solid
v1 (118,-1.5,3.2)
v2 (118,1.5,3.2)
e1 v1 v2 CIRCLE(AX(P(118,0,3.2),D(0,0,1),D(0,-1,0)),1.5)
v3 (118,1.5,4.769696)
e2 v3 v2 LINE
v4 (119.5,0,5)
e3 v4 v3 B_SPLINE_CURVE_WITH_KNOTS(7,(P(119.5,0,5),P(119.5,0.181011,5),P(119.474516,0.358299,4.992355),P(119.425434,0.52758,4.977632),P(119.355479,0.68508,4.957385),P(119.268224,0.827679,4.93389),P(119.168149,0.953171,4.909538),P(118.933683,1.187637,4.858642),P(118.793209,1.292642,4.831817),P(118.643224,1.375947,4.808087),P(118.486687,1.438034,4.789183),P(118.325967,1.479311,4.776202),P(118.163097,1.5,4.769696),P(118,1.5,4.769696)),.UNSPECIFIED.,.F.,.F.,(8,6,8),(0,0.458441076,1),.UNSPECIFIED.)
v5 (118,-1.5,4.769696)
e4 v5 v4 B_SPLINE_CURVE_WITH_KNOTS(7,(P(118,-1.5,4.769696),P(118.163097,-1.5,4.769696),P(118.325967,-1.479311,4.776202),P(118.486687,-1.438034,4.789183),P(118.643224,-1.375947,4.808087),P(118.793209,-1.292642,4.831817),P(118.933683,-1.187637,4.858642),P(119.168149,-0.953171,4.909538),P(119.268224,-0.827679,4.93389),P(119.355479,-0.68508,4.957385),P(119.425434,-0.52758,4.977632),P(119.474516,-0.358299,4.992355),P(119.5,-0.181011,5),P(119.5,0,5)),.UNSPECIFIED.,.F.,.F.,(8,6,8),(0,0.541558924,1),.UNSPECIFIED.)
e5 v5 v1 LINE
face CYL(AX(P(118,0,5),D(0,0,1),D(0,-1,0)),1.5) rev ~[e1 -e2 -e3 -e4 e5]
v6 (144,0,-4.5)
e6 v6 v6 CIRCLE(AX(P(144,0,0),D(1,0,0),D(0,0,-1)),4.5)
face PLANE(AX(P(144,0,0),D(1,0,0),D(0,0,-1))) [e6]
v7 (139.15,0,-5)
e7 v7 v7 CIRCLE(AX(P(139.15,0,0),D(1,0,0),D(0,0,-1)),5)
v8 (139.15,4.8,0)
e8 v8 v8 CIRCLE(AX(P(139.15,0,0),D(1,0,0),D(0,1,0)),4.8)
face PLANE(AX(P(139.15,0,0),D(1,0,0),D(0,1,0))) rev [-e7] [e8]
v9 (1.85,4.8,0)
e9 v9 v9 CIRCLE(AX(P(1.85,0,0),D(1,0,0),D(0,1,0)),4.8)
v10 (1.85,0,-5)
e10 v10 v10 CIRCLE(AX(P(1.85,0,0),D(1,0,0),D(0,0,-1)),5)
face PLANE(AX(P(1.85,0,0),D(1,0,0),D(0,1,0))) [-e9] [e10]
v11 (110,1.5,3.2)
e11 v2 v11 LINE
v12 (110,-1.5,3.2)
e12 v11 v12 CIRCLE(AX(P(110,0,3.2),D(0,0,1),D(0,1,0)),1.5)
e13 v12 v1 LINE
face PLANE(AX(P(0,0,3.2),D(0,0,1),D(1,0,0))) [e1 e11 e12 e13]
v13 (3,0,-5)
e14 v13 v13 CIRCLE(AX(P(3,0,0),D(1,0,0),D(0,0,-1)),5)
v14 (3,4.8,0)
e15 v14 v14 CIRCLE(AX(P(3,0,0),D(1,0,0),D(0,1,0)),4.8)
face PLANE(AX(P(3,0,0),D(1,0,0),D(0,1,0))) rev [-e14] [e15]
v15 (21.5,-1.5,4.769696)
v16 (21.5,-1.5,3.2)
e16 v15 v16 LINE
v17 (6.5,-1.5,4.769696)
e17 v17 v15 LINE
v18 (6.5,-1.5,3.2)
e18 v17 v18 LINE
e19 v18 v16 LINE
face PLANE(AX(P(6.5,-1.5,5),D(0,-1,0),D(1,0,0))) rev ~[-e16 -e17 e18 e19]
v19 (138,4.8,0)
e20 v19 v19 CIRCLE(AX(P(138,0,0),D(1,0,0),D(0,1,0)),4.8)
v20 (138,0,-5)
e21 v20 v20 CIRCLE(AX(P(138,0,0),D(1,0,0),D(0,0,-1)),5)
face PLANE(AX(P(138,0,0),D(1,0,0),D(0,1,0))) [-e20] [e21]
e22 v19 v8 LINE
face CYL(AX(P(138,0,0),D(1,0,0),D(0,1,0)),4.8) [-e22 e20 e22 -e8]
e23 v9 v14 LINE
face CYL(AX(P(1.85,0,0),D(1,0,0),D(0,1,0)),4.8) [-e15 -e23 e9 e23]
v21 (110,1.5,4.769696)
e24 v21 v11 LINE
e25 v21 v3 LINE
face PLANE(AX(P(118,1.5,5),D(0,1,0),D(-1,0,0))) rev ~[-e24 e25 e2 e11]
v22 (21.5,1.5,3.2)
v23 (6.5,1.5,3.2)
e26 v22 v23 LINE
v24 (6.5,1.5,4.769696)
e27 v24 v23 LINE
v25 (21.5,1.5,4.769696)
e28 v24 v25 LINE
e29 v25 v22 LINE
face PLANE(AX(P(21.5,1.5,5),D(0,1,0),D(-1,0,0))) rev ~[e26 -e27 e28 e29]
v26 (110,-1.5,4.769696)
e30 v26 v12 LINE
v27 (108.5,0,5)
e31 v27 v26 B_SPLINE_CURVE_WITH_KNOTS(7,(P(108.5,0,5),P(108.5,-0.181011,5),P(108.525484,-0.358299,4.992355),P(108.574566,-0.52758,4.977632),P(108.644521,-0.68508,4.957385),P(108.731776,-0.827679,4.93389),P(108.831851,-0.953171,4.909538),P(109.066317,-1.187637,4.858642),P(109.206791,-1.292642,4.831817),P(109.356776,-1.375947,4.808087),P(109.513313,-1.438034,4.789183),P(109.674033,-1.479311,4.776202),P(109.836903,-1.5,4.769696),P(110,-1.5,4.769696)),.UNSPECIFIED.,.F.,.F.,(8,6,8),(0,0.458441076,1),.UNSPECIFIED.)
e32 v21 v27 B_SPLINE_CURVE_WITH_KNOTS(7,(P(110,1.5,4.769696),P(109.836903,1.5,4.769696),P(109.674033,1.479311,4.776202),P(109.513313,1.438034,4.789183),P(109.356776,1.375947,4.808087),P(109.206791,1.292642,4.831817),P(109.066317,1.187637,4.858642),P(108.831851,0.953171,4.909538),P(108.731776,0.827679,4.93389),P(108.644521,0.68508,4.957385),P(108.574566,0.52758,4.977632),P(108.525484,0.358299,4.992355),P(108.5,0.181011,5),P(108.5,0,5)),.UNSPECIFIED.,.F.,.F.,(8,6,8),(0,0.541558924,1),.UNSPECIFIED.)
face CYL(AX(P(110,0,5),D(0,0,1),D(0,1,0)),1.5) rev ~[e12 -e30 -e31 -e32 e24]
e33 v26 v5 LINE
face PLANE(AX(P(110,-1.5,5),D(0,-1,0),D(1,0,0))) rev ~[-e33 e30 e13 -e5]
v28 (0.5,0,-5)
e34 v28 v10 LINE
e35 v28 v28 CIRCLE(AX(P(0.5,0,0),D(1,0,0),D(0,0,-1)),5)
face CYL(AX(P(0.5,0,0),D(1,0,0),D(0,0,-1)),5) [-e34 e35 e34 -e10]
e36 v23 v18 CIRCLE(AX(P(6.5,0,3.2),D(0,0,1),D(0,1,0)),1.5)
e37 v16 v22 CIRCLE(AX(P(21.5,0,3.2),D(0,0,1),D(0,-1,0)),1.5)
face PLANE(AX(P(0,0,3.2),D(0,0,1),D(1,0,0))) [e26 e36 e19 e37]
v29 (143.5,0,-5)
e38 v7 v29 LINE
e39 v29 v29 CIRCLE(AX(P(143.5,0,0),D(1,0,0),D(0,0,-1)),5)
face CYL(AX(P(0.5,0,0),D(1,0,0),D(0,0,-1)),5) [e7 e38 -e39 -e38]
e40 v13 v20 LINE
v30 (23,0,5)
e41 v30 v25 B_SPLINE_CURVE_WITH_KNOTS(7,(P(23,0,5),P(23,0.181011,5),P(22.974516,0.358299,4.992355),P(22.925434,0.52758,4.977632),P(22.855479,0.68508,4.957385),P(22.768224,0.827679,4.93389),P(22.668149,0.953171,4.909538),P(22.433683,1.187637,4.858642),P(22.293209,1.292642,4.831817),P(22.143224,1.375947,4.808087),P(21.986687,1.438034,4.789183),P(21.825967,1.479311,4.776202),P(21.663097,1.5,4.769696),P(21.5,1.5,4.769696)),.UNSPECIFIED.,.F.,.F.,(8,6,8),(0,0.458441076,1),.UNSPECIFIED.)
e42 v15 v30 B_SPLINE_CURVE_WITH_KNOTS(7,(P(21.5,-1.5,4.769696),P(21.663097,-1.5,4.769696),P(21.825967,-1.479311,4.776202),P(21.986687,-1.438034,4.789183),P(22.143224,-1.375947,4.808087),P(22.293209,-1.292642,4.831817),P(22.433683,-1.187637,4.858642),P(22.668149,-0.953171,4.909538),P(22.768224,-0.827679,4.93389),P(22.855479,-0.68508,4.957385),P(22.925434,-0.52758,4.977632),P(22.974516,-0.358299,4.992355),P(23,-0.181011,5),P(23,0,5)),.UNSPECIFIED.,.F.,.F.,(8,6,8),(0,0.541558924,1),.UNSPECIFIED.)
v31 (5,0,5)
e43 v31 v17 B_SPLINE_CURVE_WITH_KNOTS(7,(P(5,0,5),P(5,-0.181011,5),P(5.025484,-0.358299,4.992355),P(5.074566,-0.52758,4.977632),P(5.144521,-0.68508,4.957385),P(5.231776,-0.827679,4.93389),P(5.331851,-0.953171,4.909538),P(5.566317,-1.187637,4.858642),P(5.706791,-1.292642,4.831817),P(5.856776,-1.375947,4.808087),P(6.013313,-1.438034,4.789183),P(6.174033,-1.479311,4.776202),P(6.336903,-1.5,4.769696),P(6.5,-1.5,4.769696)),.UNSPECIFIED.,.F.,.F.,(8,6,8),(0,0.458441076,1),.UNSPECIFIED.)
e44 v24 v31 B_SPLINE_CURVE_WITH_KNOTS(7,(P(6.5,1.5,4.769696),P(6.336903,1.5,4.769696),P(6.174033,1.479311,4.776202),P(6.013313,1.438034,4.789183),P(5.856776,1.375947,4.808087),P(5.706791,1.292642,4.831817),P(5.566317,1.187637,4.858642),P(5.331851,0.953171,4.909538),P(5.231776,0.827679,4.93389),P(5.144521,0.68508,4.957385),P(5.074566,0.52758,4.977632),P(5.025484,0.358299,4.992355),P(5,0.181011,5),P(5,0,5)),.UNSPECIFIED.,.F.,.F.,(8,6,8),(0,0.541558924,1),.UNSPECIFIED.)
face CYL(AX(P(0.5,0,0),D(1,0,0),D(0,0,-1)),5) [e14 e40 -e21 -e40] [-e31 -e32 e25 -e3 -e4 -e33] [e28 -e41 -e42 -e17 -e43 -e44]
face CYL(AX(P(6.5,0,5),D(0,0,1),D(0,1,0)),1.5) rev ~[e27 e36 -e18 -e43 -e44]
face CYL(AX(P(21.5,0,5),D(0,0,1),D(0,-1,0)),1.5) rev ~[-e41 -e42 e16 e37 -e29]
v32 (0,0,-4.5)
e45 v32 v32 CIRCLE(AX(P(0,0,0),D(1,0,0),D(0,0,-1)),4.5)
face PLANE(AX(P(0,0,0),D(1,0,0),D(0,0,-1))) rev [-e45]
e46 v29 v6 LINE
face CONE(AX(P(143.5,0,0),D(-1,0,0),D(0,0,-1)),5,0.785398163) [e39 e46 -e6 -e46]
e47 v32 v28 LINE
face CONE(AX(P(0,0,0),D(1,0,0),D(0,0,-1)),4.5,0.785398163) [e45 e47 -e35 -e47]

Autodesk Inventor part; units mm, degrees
sketch "Sketch_1" plane through (0, 0, 0) normal (0, 1, 0) x (-1, 0, 0)
  line L0 (-144, 0) -> (0, 0)
  line L1 (0, 0) -> (0, -4.5)
  line L2 (0, -4.5) -> (-0.5, -5)
  line L3 (-0.5, -5) -> (-143.5, -5)
  line L4 (-143.5, -5) -> (-144, -4.5)
  line L5 (-144, -4.5) -> (-144, 0)
  line L6 (-144, 0) -> (0, 0)
revolve "Revolution1" add sketch "Sketch_1" angle 360 about axis through (144, 0, 0) along (1, 0, 0)
sketch "Sketch_27" plane through (0, 0, 0) normal (0, 0, 1) x (1, 0, 0)
  line L0 (144, 0) -> (-144, 0)
  line L1 (1.85, 9.6) -> (1.85, 4.8)
  line L2 (1.85, 4.8) -> (3, 4.8)
  line L3 (3, 4.8) -> (3, 9.6)
  line L4 (3, 9.6) -> (1.85, 9.6)
revolve "Revolution2" cut sketch "Sketch_27" angle 360 about axis through (144, 0, 0) along (1, 0, 0)
sketch "Sketch_39" plane through (0, 0, 0) normal (0, 0, 1) x (1, 0, 0)
  line L0 (144, 0) -> (-144, 0)
  line L1 (138, 9.6) -> (138, 4.8)
  line L2 (138, 4.8) -> (139.15, 4.8)
  line L3 (139.15, 4.8) -> (139.15, 9.6)
  line L4 (139.15, 9.6) -> (138, 9.6)
revolve "Revolution3" cut sketch "Sketch_39" angle 360 about axis through (144, 0, 0) along (1, 0, 0)
sketch "_____7" plane through (0, 0, 5) normal (0, 0, 1) x (1, 0, 0)
  arc A0 (6.5, 1.5) -> (6.5, -1.5) centre (6.5, 0) ccw
  line L0 (6.5, -1.5) -> (21.5, -1.5)
  arc A1 (21.5, -1.5) -> (21.5, 1.5) centre (21.5, 0) ccw
  line L1 (21.5, 1.5) -> (6.5, 1.5)
extrude "Extrusion1" cut sketch "_____7" against normal blind 1.8
sketch "_____10" plane through (0, 0, 5) normal (0, 0, 1) x (1, 0, 0)
  arc A0 (110, 1.5) -> (110, -1.5) centre (110, 0) ccw
  line L0 (110, -1.5) -> (118, -1.5)
  arc A1 (118, -1.5) -> (118, 1.5) centre (118, 0) ccw
  line L1 (118, 1.5) -> (110, 1.5)
extrude "Extrusion2" cut sketch "_____10" against normal blind 1.8
ref_plane "to_rring_1_XY" through (2.425, 0, 0) normal (1, 0, 0) x (0, 0, -1)
ref_plane "to_rring_1_YZ" through (2.425, 0, 0) normal (0, 0, -1) x (0, 1, 0)
ref_plane "to_rring_1_ZX" through (2.425, 0, 0) normal (0, 1, 0) x (1, 0, 0)
ref_plane "to_rring_2_XY" through (138.575, 0, 0) normal (1, 0, 0) x (0, 0, -1)
ref_plane "to_rring_2_YZ" through (138.575, 0, 0) normal (0, 0, -1) x (0, 1, 0)
ref_plane "to_rring_2_ZX" through (138.575, 0, 0) normal (0, 1, 0) x (1, 0, 0)
properties part number "NSFMKRRA10-144-F3-S6-KA5-A18-KB108.5-B11_s"
